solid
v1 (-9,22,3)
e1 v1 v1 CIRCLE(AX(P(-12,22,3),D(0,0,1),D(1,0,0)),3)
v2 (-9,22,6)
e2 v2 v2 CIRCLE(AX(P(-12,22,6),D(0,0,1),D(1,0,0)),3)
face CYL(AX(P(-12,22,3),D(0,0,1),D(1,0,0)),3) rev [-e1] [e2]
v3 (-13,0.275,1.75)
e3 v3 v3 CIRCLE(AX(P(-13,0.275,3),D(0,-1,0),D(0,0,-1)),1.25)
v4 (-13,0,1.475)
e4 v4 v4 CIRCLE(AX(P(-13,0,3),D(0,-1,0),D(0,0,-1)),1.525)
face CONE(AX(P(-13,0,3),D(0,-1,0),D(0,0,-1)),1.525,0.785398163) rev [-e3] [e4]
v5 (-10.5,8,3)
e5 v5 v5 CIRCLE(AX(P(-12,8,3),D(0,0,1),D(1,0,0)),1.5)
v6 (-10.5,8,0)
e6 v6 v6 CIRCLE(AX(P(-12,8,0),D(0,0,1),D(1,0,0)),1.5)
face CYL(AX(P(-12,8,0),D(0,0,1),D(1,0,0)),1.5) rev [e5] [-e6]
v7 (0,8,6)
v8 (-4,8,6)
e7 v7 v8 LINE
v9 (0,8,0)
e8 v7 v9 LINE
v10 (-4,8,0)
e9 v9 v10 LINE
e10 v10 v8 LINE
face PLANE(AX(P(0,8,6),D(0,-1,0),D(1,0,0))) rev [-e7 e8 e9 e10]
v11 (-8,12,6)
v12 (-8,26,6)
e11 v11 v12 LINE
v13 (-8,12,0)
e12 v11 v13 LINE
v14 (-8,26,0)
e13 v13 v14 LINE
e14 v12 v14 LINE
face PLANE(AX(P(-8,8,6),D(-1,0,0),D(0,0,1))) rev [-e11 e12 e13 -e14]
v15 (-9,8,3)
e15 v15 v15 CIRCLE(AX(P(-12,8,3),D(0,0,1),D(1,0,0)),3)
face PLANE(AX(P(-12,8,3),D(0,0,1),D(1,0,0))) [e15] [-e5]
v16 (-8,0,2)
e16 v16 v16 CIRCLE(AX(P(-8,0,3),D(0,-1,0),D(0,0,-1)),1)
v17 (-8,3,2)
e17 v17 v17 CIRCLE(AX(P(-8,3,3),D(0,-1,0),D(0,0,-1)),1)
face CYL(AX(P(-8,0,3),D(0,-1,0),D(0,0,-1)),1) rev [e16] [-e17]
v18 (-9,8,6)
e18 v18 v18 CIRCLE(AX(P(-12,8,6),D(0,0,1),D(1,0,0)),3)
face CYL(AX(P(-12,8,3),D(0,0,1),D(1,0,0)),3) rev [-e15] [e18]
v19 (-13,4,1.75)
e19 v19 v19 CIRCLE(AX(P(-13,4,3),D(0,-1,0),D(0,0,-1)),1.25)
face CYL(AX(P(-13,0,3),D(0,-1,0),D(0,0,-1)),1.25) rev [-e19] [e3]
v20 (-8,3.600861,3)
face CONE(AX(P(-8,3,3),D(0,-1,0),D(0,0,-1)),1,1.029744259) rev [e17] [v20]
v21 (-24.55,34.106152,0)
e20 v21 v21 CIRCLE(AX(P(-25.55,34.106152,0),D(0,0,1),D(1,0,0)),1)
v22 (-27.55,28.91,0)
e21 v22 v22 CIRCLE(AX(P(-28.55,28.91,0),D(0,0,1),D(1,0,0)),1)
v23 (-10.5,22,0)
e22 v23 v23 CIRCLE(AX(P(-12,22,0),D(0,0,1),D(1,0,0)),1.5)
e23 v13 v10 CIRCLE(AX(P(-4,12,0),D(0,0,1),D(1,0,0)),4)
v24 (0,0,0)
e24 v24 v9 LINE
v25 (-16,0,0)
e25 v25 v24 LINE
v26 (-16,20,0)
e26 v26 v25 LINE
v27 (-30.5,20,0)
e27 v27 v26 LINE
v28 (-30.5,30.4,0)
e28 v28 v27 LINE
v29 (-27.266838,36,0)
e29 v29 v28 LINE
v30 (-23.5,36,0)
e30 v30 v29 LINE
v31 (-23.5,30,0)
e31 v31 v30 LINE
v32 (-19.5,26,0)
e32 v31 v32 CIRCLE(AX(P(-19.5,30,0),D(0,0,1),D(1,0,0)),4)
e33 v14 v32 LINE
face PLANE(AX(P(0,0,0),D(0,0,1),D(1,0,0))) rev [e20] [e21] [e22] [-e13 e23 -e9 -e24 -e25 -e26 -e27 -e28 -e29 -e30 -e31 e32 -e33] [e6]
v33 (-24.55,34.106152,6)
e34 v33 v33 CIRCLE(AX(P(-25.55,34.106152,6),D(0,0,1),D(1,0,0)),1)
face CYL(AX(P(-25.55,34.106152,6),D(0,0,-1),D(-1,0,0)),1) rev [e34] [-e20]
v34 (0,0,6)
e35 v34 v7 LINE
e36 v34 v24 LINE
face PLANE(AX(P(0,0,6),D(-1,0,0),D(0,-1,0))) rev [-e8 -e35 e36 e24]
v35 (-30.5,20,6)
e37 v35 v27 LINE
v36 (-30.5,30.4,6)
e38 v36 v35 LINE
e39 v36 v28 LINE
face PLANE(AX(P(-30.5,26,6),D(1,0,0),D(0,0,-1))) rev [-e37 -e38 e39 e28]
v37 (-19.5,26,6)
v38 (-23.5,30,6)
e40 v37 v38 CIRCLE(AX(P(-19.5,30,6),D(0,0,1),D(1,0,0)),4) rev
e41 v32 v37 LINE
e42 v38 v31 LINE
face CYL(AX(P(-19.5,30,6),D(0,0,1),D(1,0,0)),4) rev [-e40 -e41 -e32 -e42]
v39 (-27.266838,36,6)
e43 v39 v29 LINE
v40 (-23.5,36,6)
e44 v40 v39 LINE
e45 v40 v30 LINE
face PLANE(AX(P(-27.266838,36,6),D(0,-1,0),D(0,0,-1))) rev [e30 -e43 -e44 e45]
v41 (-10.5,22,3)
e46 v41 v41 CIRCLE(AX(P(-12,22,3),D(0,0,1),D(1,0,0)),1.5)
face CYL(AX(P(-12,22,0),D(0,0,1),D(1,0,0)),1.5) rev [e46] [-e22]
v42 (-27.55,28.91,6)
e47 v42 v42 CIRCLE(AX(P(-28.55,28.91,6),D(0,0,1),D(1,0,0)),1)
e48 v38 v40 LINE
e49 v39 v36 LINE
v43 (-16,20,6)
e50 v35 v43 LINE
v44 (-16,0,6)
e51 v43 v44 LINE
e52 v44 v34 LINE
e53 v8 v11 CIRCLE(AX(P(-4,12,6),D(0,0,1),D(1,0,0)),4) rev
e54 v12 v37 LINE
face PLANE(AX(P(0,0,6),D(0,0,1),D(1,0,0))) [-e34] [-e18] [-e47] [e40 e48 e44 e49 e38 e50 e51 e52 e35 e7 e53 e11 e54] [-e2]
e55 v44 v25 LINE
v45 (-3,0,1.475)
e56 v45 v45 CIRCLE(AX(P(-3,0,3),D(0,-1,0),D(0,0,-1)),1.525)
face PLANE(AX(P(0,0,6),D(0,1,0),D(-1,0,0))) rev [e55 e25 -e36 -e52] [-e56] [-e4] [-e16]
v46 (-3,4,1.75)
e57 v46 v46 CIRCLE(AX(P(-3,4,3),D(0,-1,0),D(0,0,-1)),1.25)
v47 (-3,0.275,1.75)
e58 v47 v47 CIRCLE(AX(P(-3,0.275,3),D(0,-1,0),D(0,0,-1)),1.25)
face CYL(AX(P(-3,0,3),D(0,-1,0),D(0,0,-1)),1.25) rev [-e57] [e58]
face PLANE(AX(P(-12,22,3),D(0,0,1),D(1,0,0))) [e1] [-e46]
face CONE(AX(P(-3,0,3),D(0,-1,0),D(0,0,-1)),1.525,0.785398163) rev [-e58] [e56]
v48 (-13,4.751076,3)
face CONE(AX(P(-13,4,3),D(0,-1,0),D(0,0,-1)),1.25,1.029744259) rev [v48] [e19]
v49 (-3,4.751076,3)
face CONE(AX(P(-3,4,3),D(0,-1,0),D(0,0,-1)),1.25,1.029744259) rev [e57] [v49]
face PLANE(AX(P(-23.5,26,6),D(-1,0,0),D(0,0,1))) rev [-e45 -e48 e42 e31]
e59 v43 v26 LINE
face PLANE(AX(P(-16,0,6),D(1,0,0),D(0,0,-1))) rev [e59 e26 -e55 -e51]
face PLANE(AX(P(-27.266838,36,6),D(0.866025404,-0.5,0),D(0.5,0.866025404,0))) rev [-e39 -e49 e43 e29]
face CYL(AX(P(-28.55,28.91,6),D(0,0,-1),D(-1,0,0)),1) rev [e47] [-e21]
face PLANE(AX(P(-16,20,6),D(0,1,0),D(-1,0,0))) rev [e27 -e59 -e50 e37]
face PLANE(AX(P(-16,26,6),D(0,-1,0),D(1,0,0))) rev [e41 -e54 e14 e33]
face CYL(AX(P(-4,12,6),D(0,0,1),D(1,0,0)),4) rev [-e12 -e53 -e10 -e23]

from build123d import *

# Parameters (mm, degrees)
SKETCH1_R                       = 1
BOSS_EXTRUDE1_DEPTH             = 6
FILLET1_R                       = 4
FILLET2_R                       = 4
SKETCH2_R                       = 3
CUT_EXTRUDE1_DEPTH              = 3
SKETCH3_R                       = 1.5
CUT_EXTRUDE2_DEPTH              = 4
M3X0_5_TAPPED_HOLE1_D           = 2.5
M3X0_5_TAPPED_HOLE1_DEPTH       = 4
M3X0_5_TAPPED_HOLE1_CSINK_D     = 3.05
M3X0_5_TAPPED_HOLE1_CSINK_ANGLE = 90
M3X0_5_TAPPED_HOLE1_TIP         = 0.751075774
F_2_0_2_DIAMETER_HOLE1_D        = 2
F_2_0_2_DIAMETER_HOLE1_DEPTH    = 3
F_2_0_2_DIAMETER_HOLE1_TIP      = 0.600860619


with BuildPart() as part:
    # Sketch1 → Boss-Extrude1 (new body)
    with BuildSketch(Plane.XY):
        Polygon((-27.266838493, 36), (-30.5, 30.4), (-30.5, 26), (-30.5, 20), (-16, 20), (-16, 8), (-16, 0), (0, 0), (0, 8), (-8, 8), (-8, 26), (-16, 26), (-23.5, 26), (-23.5, 36), align=None)
        with Locations((-28.55, 28.91)):
            Circle(SKETCH1_R, mode=Mode.SUBTRACT)
        with Locations((-25.55, 34.106152423)):
            Circle(SKETCH1_R, mode=Mode.SUBTRACT)
    extrude(amount=BOSS_EXTRUDE1_DEPTH)

    # Fillet1
    fillet1_edges = [part.edges().sort_by_distance(p)[0] for p in [
        (-23.5, 26, 3),
    ]]
    fillet(fillet1_edges, radius=FILLET1_R)

    # Fillet2
    fillet2_edges = [part.edges().sort_by_distance(p)[0] for p in [
        (-8, 8, 3),
    ]]
    fillet(fillet2_edges, radius=FILLET2_R)

    # Sketch2 → Cut-Extrude1 (cut)
    with BuildSketch(Plane.XY.offset(6)):
        with Locations((-12, 22)):
            Circle(SKETCH2_R)
        with Locations((-12, 8)):
            Circle(SKETCH2_R)
    extrude(amount=-CUT_EXTRUDE1_DEPTH, mode=Mode.SUBTRACT)

    # Sketch3 → Cut-Extrude2 (cut, through all)
    with BuildSketch(Plane.XY.offset(3)):
        with Locations((-12, 22)):
            Circle(SKETCH3_R)
        with Locations((-12, 8)):
            Circle(SKETCH3_R)
    extrude(amount=-CUT_EXTRUDE2_DEPTH, mode=Mode.SUBTRACT)

    # M3x0.5 Tapped Hole1
    with Locations(Plane(origin=(0, 0, 0), x_dir=(-1, 0, 0), z_dir=(0, -1, 0))):
        with Locations((13, -3), (3, -3)):
            CounterSinkHole(M3X0_5_TAPPED_HOLE1_D / 2, M3X0_5_TAPPED_HOLE1_CSINK_D / 2, depth=M3X0_5_TAPPED_HOLE1_DEPTH, counter_sink_angle=M3X0_5_TAPPED_HOLE1_CSINK_ANGLE)
            with Locations((0, 0, -(M3X0_5_TAPPED_HOLE1_DEPTH + M3X0_5_TAPPED_HOLE1_TIP / 2))):  # 118° drill point
                Cone(0, M3X0_5_TAPPED_HOLE1_D / 2, M3X0_5_TAPPED_HOLE1_TIP, mode=Mode.SUBTRACT)

    # Ø2.0 (2) Diameter Hole1
    with Locations(Plane(origin=(0, 0, 0), x_dir=(-1, 0, 0), z_dir=(0, -1, 0))):
        with Locations((8, -3)):
            Hole(F_2_0_2_DIAMETER_HOLE1_D / 2, depth=F_2_0_2_DIAMETER_HOLE1_DEPTH)
            with Locations((0, 0, -(F_2_0_2_DIAMETER_HOLE1_DEPTH + F_2_0_2_DIAMETER_HOLE1_TIP / 2))):  # 118° drill point
                Cone(0, F_2_0_2_DIAMETER_HOLE1_D / 2, F_2_0_2_DIAMETER_HOLE1_TIP, mode=Mode.SUBTRACT)


solid = part.part
